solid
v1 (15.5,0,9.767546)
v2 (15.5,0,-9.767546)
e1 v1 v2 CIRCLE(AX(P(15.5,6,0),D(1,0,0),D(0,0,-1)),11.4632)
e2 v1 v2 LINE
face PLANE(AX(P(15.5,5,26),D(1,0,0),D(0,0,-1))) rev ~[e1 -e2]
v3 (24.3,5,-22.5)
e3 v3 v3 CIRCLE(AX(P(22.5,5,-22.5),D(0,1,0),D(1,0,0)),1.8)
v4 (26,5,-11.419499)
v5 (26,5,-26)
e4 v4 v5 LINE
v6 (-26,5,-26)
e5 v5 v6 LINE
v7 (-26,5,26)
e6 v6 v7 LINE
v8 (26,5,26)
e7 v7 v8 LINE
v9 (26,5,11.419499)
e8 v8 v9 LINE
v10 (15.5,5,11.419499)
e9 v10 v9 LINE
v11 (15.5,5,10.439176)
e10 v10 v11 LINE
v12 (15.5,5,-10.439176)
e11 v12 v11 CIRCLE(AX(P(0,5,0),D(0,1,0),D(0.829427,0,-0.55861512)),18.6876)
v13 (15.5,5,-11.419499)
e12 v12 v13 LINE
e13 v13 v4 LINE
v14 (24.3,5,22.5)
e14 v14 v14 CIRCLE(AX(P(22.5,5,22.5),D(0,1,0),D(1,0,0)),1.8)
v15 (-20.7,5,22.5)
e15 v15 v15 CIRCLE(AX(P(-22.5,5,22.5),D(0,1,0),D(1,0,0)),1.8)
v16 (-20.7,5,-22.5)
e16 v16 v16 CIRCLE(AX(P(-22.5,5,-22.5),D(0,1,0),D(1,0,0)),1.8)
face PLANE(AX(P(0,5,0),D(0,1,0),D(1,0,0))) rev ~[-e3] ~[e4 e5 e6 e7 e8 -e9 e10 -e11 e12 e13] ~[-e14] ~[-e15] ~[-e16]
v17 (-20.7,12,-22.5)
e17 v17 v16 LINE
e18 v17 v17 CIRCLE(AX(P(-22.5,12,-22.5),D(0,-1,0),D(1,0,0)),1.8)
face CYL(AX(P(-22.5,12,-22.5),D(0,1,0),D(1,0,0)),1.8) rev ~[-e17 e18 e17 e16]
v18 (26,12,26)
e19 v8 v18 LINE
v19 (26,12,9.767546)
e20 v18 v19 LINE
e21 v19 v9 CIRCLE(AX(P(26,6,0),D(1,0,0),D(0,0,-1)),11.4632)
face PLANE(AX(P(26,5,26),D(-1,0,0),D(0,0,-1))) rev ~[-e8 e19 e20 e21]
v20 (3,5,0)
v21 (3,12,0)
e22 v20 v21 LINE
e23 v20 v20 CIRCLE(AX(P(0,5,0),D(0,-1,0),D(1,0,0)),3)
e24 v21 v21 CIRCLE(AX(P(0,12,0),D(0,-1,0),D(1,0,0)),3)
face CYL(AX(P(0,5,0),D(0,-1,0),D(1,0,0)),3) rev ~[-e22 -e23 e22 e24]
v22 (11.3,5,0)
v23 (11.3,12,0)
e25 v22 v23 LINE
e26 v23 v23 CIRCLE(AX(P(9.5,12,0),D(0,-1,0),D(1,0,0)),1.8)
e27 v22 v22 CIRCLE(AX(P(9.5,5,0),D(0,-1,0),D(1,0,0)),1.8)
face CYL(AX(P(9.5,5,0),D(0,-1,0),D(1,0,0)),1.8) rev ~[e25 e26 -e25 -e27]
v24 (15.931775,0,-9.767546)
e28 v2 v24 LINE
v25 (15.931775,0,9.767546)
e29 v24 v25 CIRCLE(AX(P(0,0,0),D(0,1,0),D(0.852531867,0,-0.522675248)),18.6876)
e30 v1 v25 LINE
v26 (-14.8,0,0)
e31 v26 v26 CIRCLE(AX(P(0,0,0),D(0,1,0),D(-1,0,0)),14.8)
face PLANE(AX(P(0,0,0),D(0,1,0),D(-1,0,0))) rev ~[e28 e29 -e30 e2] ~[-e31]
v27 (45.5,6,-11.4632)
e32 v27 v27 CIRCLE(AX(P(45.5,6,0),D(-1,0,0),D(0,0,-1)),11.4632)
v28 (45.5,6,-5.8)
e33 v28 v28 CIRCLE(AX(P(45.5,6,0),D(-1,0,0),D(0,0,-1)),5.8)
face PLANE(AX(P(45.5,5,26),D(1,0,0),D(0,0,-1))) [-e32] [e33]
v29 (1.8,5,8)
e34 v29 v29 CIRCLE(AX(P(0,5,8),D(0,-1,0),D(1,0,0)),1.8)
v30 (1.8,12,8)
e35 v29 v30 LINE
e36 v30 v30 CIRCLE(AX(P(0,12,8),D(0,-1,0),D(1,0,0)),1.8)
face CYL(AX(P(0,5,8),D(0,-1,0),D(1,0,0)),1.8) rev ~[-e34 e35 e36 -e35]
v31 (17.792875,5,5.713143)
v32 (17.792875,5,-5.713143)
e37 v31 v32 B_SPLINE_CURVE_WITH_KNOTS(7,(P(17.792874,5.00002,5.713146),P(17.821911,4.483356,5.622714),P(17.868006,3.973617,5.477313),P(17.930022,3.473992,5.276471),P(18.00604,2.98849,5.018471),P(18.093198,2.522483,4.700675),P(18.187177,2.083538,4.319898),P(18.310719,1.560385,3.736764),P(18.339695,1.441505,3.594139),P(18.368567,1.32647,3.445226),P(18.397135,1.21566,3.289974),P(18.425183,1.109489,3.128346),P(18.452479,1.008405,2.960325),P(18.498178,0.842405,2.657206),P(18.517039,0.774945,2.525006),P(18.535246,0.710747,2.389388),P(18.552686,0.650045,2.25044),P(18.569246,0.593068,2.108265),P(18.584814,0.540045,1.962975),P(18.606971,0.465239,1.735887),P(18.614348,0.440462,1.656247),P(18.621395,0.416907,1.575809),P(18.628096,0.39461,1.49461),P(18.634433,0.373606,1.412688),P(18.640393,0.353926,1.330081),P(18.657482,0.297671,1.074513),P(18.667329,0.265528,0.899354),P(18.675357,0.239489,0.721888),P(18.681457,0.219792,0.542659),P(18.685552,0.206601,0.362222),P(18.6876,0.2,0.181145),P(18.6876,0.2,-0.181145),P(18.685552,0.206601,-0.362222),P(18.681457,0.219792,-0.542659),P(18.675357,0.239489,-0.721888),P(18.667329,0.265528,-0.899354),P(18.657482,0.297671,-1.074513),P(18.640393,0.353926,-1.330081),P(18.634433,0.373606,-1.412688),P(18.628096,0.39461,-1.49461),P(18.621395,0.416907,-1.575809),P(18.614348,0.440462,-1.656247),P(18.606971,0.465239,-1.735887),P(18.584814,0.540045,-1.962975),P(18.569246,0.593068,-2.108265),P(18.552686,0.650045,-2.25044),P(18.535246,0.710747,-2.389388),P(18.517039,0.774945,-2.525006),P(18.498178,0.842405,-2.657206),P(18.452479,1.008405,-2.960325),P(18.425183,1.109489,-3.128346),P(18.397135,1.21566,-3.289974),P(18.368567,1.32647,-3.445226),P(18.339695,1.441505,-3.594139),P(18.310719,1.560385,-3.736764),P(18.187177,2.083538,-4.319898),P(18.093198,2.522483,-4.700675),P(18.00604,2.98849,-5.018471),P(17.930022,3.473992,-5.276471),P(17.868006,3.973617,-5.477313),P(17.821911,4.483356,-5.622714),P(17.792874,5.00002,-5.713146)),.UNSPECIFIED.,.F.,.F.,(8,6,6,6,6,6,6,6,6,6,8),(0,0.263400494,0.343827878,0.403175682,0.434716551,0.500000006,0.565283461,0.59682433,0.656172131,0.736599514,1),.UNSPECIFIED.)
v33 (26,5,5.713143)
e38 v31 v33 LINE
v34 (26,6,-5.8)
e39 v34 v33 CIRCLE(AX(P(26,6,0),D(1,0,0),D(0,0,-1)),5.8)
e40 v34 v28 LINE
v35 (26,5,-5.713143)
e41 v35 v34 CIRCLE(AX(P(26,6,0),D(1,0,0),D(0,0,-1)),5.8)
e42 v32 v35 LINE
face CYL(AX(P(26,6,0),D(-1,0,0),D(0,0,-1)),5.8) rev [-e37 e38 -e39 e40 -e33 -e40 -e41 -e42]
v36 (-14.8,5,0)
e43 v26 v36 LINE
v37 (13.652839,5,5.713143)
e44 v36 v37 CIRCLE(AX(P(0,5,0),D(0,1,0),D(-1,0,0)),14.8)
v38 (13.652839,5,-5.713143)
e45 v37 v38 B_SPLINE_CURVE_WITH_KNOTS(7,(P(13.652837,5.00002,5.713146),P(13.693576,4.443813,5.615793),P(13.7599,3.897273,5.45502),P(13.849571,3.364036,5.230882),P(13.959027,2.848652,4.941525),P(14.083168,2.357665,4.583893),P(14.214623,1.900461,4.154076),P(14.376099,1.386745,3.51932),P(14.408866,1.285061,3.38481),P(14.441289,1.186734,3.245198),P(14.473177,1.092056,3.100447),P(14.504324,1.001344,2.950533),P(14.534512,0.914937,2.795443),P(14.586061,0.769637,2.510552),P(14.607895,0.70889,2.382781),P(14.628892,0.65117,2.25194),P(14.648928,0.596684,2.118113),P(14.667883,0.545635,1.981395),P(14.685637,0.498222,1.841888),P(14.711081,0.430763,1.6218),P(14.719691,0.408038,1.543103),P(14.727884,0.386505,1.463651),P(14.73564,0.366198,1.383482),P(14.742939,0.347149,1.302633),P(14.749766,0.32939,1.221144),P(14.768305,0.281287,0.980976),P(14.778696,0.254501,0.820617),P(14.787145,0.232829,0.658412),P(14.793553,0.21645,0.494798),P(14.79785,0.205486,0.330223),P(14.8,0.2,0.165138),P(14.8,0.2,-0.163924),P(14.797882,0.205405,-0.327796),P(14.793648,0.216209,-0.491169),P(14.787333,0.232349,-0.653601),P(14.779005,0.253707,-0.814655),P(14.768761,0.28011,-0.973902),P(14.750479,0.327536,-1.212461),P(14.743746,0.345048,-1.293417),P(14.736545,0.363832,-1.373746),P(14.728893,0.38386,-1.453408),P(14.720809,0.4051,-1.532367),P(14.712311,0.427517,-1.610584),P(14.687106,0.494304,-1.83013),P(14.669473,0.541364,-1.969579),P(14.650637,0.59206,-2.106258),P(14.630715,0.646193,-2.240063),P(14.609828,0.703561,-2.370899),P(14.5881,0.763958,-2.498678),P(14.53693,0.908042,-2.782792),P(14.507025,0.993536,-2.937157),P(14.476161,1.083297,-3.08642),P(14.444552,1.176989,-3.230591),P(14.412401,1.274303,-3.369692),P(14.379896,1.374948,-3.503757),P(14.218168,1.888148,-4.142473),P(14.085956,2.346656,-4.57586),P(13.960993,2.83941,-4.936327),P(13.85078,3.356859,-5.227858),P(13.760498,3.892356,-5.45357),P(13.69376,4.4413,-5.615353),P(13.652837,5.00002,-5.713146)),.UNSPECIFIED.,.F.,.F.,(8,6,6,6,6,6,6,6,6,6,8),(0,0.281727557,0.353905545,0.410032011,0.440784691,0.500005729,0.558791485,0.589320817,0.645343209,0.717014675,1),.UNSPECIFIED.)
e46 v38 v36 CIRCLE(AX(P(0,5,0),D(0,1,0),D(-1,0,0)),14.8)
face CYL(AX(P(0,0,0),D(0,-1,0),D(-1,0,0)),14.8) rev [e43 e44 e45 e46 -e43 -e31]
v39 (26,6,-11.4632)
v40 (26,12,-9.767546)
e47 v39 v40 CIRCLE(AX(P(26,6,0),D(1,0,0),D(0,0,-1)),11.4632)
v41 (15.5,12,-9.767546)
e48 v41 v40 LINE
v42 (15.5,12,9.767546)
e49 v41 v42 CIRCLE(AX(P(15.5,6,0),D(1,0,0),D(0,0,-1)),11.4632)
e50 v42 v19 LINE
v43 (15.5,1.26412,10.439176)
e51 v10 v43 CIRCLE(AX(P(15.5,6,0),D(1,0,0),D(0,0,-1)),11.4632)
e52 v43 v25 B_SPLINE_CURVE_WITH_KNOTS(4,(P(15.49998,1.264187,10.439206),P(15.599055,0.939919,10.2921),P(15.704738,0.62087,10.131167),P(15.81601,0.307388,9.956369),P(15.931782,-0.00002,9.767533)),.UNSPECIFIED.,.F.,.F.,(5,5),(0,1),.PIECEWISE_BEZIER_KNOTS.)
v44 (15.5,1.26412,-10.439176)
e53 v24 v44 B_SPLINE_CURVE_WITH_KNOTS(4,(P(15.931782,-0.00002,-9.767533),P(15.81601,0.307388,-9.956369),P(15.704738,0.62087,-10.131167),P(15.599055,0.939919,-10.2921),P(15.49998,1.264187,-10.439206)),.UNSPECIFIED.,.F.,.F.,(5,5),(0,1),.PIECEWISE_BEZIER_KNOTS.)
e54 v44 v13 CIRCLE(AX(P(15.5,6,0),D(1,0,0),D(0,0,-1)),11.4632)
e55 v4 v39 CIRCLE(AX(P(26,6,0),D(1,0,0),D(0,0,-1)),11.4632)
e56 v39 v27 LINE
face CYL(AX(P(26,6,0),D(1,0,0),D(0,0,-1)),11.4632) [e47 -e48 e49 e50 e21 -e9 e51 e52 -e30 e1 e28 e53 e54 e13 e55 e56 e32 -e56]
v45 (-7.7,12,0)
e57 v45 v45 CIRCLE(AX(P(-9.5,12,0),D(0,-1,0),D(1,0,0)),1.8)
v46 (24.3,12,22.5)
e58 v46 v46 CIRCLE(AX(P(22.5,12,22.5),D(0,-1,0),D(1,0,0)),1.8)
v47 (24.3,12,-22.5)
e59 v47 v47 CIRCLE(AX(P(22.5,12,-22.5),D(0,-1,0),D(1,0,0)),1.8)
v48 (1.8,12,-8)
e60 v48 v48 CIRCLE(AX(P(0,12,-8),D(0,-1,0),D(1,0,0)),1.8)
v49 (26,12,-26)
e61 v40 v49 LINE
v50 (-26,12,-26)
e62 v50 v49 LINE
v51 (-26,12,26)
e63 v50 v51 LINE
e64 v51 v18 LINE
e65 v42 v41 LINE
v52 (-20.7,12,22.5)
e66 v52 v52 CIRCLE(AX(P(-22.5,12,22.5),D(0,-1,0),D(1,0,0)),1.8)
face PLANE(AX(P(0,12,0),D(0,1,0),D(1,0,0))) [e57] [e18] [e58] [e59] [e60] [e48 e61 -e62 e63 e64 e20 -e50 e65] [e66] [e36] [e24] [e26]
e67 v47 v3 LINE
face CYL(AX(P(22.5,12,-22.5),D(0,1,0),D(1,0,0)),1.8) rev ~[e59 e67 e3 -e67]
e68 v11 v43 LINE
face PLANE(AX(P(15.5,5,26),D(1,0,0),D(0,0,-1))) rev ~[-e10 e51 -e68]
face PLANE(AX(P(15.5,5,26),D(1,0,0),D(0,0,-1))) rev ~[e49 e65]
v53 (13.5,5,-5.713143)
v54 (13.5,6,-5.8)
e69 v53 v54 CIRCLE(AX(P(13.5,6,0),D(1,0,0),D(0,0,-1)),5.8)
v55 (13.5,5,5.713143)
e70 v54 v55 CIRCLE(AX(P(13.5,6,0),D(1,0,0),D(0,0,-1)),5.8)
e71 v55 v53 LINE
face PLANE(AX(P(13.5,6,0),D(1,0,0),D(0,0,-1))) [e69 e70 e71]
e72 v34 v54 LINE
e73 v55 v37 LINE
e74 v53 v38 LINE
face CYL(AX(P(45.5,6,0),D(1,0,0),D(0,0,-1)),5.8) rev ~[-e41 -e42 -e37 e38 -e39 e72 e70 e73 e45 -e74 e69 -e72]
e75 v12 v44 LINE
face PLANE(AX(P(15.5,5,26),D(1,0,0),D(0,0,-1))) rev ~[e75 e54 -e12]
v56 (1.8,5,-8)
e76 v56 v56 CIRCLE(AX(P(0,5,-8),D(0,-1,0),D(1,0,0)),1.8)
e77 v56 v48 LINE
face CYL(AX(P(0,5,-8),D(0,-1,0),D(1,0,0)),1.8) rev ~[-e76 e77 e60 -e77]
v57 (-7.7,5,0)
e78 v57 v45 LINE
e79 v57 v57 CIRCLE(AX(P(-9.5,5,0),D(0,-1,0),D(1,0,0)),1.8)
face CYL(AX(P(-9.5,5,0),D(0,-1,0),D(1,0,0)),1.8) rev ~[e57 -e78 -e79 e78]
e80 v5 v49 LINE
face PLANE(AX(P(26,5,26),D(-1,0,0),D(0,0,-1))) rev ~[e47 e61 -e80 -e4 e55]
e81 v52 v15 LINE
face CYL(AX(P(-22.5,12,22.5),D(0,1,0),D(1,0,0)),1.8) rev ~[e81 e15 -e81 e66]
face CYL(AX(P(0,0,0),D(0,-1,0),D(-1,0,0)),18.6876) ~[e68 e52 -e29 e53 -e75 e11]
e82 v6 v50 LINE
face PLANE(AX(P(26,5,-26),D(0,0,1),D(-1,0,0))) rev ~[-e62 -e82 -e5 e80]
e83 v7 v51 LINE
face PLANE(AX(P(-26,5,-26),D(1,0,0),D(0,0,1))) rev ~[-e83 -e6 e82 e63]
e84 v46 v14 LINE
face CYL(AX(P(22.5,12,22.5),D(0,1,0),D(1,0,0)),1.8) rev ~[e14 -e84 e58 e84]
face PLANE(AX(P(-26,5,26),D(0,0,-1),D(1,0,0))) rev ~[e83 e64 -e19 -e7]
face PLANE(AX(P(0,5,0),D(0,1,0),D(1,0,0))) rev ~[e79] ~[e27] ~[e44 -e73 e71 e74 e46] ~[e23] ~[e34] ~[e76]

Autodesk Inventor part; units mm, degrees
ref_plane "YZ Plane" through (0, 0, 0) normal (1, 0, 0) x (0, 1, 0)
ref_plane "XZ Plane" through (0, 0, 0) normal (0, 1, 0) x (-1, 0, 0)
ref_plane "XY Plane" through (0, 0, 0) normal (0, 0, 1) x (1, 0, 0)
sketch "Sketch1" plane through (0, 0, 0) normal (0, 1, 0) x (-1, 0, 0)
  circle A0 centre (0, 0) radius 14.8
  circle A1 centre (0, 0) radius 18.6876
  dimension "d0" = 29.6
extrude "Extrusion1" add sketch "Sketch1" along normal blind 5
sketch "Sketch2" plane through (0, 5, 0) normal (0, 1, 0) x (1, 0, 0)
  line L0 (0, 0) -> (0, 26)
  line L1 (0, 26) -> (-26, 26)
  line L2 (-26, 26) -> (-26, -26)
  line L3 (-26, -26) -> (26, -26)
  line L4 (26, -26) -> (26, 26)
  line L5 (26, 26) -> (-26, 26)
  line L6 (-26, 26) -> (-26, -26)
  dimension "d3" = 26
  dimension "d4" = 26
  dimension "d5" = 52
  dimension "d6" = 52
extrude "Extrusion2" add sketch "Sketch2" along normal blind 7
sketch "Sketch3" plane through (0, 5, 0) normal (0, -1, 0) x (1, 0, 0)
  circle A0 centre (9.5, 0) radius 1.8
  circle A1 centre (-9.5, 0) radius 1.8
  circle A2 centre (0, -8) radius 1.8
  circle A3 centre (0, 8) radius 1.8
  circle A4 centre (0, 0) radius 3
  dimension "d11" = 3.6
  dimension "d12" = 3.6
  dimension "d13" = 3.6
  dimension "d14" = 3.6
  dimension "d15" = 6
extrude "Extrusion3" cut sketch "Sketch3" against normal blind 15
sketch "Sketch4" plane through (26, 5, 26) normal (1, 0, 0) x (0, 0, -1)
  line L0 (52, 0) -> (0, 0) projected
  line L1 (26, 0) -> (26, 1)
  circle A0 centre (26, 1) radius 5.8
  circle A1 centre (26, 1) radius 11.4632
  point P0 (26, -5)
  dimension "d18" = 1
  dimension "d19" = 11.6
extrude "Extrusion4" add sketch "Sketch4" along normal blind 19.5 and the other way blind 10.5 contours A1 L0 A0 | L0 A0 A1
sketch "Sketch5" plane through (45.5, 6, 0) normal (1, 0, 0) x (0, 0, -1)
  circle A0 centre (0, 0) radius 5.8 projected
  circle A1 centre (0, 0) radius 5.8
  point P0 (0, -6)
extrude "Extrusion5" cut sketch "Sketch5" against normal blind 32
sketch "Sketch6" plane through (0, 12, 0) normal (0, 1, 0) x (1, 0, 0)
  line L0 (0, 0) -> (0, 22.5)
  line L1 (0, 22.5) -> (-22.5, 22.5)
  line L2 (-22.5, 22.5) -> (-22.5, -22.5)
  line L3 (-22.5, -22.5) -> (22.5, -22.5)
  line L4 (22.5, -22.5) -> (22.5, 22.5)
  circle A0 centre (-22.5, 22.5) radius 1.8
  circle A1 centre (22.5, 22.5) radius 1.8
  circle A2 centre (-22.5, -22.5) radius 1.8
  circle A3 centre (22.5, -22.5) radius 1.8
  dimension "d26" = 22.5
  dimension "d27" = 22.5
  dimension "d28" = 45
  dimension "d29" = 45
  dimension "d30" = 3.6
  dimension "d31" = 3.6
  dimension "d32" = 3.6
  dimension "d33" = 3.6
extrude "Extrusion6" cut sketch "Sketch6" against normal blind 32
properties part number "NewGimbalPart4" material "Brass, Soft Yellow, Welded"
